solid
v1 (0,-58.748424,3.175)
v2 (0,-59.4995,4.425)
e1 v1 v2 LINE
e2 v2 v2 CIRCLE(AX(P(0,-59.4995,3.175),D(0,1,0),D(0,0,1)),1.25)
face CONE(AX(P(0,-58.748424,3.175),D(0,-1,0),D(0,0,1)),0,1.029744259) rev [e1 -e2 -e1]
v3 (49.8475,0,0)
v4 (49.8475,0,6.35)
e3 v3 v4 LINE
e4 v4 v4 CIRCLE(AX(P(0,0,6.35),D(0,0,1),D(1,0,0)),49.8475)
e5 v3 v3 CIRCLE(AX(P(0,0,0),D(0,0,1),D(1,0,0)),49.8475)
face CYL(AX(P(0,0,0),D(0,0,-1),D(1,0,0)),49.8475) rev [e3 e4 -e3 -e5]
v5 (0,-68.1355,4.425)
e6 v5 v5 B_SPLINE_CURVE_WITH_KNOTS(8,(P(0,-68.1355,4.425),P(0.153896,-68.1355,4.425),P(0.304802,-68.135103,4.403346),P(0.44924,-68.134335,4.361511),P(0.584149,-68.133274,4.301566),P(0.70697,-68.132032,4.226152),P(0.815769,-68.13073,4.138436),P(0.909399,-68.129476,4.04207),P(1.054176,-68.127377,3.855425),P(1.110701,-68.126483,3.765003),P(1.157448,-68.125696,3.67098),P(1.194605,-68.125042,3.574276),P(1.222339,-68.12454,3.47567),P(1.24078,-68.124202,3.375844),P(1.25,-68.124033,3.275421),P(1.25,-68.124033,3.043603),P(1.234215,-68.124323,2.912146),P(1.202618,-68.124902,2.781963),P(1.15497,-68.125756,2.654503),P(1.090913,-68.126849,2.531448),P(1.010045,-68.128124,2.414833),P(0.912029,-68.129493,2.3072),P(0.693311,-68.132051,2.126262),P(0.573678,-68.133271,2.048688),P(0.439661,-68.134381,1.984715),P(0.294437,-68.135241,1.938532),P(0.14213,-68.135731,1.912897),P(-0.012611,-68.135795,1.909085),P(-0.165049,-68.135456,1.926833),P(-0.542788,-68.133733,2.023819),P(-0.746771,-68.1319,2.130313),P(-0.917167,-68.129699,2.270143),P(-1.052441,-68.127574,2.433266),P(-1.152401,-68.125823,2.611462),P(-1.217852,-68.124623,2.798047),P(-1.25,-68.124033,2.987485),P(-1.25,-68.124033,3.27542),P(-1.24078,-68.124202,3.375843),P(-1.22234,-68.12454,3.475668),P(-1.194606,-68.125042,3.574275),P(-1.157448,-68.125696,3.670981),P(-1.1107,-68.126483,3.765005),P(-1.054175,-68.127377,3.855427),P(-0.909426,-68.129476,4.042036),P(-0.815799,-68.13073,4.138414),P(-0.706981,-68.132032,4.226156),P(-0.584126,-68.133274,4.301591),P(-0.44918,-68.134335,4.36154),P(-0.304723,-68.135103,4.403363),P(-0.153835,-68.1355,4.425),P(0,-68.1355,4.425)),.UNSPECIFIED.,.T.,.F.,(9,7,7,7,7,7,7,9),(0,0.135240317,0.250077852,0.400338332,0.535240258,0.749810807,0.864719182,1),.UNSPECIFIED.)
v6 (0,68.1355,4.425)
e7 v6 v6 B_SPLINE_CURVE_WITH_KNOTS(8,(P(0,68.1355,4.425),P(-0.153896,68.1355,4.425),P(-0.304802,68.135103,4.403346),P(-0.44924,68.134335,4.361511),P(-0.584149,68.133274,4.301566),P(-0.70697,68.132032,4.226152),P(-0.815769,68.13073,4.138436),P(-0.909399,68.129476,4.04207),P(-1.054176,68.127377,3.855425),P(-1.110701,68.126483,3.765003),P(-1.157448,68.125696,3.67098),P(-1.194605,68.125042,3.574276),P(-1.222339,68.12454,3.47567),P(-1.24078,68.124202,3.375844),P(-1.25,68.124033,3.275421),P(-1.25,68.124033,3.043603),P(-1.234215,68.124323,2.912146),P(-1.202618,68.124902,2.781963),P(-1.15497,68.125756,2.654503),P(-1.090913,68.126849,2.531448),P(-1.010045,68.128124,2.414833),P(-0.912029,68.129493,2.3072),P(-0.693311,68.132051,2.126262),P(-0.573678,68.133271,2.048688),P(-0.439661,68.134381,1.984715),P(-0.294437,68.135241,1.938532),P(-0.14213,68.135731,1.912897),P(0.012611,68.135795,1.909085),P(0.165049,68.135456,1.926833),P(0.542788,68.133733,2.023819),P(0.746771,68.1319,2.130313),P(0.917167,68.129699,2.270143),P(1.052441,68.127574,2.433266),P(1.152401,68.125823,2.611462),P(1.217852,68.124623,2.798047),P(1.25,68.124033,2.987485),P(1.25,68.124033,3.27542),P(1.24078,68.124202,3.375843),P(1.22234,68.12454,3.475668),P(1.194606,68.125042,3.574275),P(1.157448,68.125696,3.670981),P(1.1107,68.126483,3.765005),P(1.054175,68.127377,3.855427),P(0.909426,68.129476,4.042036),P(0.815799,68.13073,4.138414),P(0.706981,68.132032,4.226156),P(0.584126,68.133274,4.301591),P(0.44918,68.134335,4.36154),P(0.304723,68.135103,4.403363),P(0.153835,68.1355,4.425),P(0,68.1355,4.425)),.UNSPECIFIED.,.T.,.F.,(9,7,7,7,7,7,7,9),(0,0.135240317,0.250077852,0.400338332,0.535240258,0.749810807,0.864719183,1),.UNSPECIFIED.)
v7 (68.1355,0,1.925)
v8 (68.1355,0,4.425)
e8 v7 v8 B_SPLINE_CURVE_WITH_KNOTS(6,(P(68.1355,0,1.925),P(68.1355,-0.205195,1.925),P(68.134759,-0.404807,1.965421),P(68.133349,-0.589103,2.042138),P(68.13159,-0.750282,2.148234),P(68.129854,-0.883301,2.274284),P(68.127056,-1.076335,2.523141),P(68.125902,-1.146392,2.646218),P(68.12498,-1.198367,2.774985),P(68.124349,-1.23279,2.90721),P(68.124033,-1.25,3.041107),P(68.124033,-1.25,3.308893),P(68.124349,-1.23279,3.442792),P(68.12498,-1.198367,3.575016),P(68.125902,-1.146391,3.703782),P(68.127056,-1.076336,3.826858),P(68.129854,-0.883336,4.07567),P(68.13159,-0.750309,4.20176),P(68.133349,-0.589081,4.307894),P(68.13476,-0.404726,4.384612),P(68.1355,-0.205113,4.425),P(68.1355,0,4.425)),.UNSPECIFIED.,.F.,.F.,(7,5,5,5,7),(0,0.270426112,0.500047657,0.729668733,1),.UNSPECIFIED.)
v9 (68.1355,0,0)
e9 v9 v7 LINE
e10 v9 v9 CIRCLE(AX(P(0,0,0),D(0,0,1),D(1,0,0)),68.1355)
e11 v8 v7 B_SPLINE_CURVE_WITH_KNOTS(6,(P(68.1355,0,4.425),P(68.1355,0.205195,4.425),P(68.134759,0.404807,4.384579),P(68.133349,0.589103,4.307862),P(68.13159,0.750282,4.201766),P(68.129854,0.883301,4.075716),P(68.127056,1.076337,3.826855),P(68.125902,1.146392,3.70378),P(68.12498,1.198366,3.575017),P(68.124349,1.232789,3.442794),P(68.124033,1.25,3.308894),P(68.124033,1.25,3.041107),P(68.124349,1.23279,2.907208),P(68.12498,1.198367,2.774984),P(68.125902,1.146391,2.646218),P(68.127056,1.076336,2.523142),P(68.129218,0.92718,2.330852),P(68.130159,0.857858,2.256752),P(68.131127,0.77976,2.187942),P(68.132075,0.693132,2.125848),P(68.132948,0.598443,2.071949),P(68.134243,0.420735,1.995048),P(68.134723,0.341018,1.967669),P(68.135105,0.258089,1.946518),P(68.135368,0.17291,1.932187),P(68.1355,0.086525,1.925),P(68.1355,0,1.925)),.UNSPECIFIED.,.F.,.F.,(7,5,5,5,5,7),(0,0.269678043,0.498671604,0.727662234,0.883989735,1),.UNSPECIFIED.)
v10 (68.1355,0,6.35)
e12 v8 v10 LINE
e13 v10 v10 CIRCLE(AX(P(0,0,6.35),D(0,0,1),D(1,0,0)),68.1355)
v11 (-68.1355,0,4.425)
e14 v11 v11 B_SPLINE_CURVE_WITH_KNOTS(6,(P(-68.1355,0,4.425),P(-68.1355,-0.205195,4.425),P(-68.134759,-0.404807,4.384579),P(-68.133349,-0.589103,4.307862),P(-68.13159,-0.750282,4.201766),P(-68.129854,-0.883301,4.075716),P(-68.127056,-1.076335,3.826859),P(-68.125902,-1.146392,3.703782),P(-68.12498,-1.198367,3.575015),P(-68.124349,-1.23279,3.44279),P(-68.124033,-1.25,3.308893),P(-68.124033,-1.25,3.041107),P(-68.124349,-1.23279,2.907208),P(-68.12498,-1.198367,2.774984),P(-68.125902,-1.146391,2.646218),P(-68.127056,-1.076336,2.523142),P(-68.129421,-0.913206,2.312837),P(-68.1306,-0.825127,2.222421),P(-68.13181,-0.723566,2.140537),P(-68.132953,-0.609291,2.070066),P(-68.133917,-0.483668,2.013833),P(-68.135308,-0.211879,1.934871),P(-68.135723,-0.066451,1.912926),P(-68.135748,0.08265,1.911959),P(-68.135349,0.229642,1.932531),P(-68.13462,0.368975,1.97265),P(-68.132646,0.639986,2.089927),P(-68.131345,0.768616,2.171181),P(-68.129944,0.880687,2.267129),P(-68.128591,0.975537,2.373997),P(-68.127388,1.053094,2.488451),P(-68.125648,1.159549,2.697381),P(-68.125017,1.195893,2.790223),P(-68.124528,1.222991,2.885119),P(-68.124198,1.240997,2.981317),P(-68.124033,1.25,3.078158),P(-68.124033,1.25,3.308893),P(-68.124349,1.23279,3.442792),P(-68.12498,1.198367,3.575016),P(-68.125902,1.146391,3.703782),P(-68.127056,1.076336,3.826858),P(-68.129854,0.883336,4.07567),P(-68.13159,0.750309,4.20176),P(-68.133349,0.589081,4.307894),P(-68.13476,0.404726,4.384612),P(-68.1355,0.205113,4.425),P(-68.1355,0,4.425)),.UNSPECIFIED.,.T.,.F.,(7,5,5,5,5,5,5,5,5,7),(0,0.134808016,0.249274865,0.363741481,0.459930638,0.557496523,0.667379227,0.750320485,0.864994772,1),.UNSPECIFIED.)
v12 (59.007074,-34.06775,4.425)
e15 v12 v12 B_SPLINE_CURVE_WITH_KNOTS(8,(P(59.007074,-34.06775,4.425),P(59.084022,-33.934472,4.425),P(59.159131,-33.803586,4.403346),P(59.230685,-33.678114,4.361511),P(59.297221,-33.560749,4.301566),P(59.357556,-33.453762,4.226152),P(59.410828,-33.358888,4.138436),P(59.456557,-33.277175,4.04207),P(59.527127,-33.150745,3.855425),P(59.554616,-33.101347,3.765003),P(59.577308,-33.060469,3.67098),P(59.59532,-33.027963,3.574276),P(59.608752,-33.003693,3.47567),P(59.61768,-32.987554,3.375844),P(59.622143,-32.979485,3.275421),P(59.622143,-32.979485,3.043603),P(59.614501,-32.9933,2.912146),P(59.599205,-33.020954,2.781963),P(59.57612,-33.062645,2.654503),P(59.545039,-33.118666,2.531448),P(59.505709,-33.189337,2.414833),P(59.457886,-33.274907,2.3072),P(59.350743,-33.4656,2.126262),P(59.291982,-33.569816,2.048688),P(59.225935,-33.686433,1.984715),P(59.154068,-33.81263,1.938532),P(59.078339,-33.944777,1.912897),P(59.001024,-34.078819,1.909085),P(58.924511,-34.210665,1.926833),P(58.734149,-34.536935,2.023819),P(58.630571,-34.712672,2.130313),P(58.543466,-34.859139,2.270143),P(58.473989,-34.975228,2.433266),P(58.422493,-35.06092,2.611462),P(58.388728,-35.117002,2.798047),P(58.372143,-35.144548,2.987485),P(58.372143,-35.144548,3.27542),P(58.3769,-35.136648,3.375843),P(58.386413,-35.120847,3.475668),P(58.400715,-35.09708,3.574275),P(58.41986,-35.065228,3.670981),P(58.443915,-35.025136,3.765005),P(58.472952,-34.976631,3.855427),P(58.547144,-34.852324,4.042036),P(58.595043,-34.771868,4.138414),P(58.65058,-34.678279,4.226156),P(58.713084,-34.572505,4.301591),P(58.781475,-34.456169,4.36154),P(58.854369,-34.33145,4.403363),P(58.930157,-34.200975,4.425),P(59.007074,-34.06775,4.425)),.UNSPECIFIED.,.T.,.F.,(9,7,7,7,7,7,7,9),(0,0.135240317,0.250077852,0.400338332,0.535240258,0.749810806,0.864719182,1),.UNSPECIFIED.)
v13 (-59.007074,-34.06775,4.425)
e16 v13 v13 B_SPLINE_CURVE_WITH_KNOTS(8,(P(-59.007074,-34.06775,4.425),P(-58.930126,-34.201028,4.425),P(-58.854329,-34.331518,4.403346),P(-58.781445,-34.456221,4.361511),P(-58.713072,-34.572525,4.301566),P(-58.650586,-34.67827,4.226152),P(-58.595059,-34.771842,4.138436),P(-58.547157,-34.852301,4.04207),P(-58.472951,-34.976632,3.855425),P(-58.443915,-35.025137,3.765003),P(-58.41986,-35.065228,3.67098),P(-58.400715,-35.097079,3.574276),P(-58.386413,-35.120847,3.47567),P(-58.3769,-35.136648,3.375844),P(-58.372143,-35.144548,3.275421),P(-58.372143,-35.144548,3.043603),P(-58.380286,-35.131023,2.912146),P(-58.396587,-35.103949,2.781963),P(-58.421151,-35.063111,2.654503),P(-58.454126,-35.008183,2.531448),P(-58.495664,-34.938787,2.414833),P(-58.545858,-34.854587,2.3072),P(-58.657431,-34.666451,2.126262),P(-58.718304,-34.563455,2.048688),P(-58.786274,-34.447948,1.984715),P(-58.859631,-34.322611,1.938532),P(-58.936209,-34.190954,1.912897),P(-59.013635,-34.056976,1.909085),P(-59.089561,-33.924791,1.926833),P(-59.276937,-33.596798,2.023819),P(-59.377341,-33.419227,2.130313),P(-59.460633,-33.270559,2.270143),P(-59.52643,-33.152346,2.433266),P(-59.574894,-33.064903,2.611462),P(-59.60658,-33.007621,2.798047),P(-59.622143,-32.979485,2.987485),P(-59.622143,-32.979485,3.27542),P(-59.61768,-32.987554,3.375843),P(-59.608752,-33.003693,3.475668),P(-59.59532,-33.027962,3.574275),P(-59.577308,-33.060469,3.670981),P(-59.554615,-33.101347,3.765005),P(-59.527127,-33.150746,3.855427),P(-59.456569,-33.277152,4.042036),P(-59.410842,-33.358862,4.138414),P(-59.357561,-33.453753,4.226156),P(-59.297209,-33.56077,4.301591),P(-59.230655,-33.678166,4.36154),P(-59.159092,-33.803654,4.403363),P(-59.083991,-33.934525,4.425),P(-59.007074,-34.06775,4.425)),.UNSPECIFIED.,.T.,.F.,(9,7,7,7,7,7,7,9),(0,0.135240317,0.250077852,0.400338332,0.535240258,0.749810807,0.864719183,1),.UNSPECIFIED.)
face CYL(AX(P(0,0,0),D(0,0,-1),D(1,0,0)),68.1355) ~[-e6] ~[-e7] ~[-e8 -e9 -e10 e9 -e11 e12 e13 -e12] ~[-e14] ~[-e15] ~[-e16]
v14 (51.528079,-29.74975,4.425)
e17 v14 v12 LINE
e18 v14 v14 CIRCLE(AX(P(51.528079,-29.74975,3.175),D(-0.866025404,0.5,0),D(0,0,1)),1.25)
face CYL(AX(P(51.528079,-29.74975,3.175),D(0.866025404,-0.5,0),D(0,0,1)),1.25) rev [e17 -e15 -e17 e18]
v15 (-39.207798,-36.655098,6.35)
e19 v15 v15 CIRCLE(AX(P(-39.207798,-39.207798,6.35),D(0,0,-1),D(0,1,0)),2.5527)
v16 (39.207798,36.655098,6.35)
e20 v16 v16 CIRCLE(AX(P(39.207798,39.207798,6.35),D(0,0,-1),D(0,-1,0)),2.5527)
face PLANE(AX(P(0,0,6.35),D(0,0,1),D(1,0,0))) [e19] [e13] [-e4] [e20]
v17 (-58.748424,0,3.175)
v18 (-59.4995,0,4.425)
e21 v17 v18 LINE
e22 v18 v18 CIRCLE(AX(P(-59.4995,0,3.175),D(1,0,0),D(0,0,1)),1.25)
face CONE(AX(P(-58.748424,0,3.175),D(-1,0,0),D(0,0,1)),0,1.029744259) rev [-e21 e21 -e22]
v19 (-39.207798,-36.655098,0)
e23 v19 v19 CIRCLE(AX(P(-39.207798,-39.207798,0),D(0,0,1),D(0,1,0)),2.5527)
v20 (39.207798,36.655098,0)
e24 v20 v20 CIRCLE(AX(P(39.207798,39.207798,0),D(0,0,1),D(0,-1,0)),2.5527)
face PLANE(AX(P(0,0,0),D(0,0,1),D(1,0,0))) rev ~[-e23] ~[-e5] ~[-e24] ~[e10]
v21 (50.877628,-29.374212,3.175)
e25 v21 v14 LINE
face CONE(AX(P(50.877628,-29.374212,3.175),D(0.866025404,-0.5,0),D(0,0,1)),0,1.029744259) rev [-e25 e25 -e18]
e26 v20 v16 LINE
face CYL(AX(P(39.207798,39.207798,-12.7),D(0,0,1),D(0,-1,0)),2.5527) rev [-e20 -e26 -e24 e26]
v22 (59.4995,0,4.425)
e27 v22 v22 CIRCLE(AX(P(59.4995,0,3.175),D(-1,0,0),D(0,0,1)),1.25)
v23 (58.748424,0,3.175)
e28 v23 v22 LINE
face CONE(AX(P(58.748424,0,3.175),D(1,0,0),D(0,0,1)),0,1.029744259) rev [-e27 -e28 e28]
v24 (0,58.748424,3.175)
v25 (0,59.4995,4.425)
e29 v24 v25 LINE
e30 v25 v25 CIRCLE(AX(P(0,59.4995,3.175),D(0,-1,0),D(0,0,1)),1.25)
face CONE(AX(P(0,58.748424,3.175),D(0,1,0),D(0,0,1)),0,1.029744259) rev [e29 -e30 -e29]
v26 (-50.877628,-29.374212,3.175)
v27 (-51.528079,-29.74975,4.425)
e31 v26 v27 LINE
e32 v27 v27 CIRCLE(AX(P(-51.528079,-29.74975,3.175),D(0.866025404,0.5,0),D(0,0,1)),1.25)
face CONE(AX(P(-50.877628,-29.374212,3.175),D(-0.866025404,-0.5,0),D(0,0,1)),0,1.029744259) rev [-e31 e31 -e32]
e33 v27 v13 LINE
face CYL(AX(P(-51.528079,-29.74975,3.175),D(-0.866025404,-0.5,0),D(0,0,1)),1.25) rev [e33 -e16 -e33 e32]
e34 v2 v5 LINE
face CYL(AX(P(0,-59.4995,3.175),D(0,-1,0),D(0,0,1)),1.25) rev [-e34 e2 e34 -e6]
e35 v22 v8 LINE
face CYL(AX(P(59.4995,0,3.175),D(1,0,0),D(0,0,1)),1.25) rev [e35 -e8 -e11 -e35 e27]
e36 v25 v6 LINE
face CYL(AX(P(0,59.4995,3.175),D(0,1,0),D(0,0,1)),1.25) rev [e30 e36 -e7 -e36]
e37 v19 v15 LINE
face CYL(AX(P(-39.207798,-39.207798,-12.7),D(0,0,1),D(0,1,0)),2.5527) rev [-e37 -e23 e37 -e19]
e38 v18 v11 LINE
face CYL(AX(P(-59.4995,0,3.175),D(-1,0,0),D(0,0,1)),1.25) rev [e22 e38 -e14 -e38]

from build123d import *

# Parameters (mm, degrees)
SKETCH1_R         = 68.1355
SKETCH1_R_2       = 49.8475
EXTRUDE1_DEPTH    = 6.35
CIRPATTERN1_COUNT = 4
CIRPATTERN3_COUNT = 3
CIRPATTERN2_COUNT = 2


with BuildPart() as part:
    # Sketch1 → Extrude1 (new body)
    with BuildSketch(Plane.XY):
        Circle(SKETCH1_R)
        Circle(SKETCH1_R_2, mode=Mode.SUBTRACT)
    extrude(amount=EXTRUDE1_DEPTH)

    # Sketch4 → M3x0.5 Tapped Hole1 (revolve, cut)
    with BuildSketch(Plane(origin=(0, 68.1355, 3.175), x_dir=(0, 0, 1), z_dir=(1, 0, 0))):
        Polygon((0, 0), (0, 9.387075774), (1.25, 8.636), (1.25, 0), align=None)
    m3x0_5_tapped_hole1 = revolve(axis=Axis((0, 74.4855, 3.175), (0, -1, 0)), mode=Mode.SUBTRACT)

    # CirPattern1: M3x0.5 Tapped Hole1 ×4 about axis
    cirpattern1_axis = Axis((0, 0, 6.35), (0, 0, -1))
    for i in range(1, CIRPATTERN1_COUNT):
        add(m3x0_5_tapped_hole1.rotate(cirpattern1_axis, i * 360 / CIRPATTERN1_COUNT), mode=Mode.SUBTRACT)

    # CirPattern3: M3x0.5 Tapped Hole1 ×3 about axis
    cirpattern3_axis = Axis((0, 0, 6.35), (0, 0, -1))
    for i in range(1, CIRPATTERN3_COUNT):
        add(m3x0_5_tapped_hole1.rotate(cirpattern3_axis, i * 360 / CIRPATTERN3_COUNT), mode=Mode.SUBTRACT)

    # Sketch18 → 1/4-20 Tapped Hole1 (revolve, cut)
    with BuildSketch(Plane(origin=(39.207798225, 39.207798225, 6.35), x_dir=(0, -1, 0), z_dir=(1, 0, 0))):
        Polygon((0, 0), (0, 20.583816902), (2.5527, 19.05), (2.5527, 0), align=None)
    f_1_4_20_tapped_hole1 = revolve(axis=Axis((39.207798225, 39.207798225, 12.7), (0, 0, -1)), mode=Mode.SUBTRACT)

    # CirPattern2: 1/4-20 Tapped Hole1 ×2 about axis
    cirpattern2_axis = Axis((0, 0, 0), (0, 0, 1))
    for i in range(1, CIRPATTERN2_COUNT):
        add(f_1_4_20_tapped_hole1.rotate(cirpattern2_axis, i * 360 / CIRPATTERN2_COUNT), mode=Mode.SUBTRACT)


solid = part.part
